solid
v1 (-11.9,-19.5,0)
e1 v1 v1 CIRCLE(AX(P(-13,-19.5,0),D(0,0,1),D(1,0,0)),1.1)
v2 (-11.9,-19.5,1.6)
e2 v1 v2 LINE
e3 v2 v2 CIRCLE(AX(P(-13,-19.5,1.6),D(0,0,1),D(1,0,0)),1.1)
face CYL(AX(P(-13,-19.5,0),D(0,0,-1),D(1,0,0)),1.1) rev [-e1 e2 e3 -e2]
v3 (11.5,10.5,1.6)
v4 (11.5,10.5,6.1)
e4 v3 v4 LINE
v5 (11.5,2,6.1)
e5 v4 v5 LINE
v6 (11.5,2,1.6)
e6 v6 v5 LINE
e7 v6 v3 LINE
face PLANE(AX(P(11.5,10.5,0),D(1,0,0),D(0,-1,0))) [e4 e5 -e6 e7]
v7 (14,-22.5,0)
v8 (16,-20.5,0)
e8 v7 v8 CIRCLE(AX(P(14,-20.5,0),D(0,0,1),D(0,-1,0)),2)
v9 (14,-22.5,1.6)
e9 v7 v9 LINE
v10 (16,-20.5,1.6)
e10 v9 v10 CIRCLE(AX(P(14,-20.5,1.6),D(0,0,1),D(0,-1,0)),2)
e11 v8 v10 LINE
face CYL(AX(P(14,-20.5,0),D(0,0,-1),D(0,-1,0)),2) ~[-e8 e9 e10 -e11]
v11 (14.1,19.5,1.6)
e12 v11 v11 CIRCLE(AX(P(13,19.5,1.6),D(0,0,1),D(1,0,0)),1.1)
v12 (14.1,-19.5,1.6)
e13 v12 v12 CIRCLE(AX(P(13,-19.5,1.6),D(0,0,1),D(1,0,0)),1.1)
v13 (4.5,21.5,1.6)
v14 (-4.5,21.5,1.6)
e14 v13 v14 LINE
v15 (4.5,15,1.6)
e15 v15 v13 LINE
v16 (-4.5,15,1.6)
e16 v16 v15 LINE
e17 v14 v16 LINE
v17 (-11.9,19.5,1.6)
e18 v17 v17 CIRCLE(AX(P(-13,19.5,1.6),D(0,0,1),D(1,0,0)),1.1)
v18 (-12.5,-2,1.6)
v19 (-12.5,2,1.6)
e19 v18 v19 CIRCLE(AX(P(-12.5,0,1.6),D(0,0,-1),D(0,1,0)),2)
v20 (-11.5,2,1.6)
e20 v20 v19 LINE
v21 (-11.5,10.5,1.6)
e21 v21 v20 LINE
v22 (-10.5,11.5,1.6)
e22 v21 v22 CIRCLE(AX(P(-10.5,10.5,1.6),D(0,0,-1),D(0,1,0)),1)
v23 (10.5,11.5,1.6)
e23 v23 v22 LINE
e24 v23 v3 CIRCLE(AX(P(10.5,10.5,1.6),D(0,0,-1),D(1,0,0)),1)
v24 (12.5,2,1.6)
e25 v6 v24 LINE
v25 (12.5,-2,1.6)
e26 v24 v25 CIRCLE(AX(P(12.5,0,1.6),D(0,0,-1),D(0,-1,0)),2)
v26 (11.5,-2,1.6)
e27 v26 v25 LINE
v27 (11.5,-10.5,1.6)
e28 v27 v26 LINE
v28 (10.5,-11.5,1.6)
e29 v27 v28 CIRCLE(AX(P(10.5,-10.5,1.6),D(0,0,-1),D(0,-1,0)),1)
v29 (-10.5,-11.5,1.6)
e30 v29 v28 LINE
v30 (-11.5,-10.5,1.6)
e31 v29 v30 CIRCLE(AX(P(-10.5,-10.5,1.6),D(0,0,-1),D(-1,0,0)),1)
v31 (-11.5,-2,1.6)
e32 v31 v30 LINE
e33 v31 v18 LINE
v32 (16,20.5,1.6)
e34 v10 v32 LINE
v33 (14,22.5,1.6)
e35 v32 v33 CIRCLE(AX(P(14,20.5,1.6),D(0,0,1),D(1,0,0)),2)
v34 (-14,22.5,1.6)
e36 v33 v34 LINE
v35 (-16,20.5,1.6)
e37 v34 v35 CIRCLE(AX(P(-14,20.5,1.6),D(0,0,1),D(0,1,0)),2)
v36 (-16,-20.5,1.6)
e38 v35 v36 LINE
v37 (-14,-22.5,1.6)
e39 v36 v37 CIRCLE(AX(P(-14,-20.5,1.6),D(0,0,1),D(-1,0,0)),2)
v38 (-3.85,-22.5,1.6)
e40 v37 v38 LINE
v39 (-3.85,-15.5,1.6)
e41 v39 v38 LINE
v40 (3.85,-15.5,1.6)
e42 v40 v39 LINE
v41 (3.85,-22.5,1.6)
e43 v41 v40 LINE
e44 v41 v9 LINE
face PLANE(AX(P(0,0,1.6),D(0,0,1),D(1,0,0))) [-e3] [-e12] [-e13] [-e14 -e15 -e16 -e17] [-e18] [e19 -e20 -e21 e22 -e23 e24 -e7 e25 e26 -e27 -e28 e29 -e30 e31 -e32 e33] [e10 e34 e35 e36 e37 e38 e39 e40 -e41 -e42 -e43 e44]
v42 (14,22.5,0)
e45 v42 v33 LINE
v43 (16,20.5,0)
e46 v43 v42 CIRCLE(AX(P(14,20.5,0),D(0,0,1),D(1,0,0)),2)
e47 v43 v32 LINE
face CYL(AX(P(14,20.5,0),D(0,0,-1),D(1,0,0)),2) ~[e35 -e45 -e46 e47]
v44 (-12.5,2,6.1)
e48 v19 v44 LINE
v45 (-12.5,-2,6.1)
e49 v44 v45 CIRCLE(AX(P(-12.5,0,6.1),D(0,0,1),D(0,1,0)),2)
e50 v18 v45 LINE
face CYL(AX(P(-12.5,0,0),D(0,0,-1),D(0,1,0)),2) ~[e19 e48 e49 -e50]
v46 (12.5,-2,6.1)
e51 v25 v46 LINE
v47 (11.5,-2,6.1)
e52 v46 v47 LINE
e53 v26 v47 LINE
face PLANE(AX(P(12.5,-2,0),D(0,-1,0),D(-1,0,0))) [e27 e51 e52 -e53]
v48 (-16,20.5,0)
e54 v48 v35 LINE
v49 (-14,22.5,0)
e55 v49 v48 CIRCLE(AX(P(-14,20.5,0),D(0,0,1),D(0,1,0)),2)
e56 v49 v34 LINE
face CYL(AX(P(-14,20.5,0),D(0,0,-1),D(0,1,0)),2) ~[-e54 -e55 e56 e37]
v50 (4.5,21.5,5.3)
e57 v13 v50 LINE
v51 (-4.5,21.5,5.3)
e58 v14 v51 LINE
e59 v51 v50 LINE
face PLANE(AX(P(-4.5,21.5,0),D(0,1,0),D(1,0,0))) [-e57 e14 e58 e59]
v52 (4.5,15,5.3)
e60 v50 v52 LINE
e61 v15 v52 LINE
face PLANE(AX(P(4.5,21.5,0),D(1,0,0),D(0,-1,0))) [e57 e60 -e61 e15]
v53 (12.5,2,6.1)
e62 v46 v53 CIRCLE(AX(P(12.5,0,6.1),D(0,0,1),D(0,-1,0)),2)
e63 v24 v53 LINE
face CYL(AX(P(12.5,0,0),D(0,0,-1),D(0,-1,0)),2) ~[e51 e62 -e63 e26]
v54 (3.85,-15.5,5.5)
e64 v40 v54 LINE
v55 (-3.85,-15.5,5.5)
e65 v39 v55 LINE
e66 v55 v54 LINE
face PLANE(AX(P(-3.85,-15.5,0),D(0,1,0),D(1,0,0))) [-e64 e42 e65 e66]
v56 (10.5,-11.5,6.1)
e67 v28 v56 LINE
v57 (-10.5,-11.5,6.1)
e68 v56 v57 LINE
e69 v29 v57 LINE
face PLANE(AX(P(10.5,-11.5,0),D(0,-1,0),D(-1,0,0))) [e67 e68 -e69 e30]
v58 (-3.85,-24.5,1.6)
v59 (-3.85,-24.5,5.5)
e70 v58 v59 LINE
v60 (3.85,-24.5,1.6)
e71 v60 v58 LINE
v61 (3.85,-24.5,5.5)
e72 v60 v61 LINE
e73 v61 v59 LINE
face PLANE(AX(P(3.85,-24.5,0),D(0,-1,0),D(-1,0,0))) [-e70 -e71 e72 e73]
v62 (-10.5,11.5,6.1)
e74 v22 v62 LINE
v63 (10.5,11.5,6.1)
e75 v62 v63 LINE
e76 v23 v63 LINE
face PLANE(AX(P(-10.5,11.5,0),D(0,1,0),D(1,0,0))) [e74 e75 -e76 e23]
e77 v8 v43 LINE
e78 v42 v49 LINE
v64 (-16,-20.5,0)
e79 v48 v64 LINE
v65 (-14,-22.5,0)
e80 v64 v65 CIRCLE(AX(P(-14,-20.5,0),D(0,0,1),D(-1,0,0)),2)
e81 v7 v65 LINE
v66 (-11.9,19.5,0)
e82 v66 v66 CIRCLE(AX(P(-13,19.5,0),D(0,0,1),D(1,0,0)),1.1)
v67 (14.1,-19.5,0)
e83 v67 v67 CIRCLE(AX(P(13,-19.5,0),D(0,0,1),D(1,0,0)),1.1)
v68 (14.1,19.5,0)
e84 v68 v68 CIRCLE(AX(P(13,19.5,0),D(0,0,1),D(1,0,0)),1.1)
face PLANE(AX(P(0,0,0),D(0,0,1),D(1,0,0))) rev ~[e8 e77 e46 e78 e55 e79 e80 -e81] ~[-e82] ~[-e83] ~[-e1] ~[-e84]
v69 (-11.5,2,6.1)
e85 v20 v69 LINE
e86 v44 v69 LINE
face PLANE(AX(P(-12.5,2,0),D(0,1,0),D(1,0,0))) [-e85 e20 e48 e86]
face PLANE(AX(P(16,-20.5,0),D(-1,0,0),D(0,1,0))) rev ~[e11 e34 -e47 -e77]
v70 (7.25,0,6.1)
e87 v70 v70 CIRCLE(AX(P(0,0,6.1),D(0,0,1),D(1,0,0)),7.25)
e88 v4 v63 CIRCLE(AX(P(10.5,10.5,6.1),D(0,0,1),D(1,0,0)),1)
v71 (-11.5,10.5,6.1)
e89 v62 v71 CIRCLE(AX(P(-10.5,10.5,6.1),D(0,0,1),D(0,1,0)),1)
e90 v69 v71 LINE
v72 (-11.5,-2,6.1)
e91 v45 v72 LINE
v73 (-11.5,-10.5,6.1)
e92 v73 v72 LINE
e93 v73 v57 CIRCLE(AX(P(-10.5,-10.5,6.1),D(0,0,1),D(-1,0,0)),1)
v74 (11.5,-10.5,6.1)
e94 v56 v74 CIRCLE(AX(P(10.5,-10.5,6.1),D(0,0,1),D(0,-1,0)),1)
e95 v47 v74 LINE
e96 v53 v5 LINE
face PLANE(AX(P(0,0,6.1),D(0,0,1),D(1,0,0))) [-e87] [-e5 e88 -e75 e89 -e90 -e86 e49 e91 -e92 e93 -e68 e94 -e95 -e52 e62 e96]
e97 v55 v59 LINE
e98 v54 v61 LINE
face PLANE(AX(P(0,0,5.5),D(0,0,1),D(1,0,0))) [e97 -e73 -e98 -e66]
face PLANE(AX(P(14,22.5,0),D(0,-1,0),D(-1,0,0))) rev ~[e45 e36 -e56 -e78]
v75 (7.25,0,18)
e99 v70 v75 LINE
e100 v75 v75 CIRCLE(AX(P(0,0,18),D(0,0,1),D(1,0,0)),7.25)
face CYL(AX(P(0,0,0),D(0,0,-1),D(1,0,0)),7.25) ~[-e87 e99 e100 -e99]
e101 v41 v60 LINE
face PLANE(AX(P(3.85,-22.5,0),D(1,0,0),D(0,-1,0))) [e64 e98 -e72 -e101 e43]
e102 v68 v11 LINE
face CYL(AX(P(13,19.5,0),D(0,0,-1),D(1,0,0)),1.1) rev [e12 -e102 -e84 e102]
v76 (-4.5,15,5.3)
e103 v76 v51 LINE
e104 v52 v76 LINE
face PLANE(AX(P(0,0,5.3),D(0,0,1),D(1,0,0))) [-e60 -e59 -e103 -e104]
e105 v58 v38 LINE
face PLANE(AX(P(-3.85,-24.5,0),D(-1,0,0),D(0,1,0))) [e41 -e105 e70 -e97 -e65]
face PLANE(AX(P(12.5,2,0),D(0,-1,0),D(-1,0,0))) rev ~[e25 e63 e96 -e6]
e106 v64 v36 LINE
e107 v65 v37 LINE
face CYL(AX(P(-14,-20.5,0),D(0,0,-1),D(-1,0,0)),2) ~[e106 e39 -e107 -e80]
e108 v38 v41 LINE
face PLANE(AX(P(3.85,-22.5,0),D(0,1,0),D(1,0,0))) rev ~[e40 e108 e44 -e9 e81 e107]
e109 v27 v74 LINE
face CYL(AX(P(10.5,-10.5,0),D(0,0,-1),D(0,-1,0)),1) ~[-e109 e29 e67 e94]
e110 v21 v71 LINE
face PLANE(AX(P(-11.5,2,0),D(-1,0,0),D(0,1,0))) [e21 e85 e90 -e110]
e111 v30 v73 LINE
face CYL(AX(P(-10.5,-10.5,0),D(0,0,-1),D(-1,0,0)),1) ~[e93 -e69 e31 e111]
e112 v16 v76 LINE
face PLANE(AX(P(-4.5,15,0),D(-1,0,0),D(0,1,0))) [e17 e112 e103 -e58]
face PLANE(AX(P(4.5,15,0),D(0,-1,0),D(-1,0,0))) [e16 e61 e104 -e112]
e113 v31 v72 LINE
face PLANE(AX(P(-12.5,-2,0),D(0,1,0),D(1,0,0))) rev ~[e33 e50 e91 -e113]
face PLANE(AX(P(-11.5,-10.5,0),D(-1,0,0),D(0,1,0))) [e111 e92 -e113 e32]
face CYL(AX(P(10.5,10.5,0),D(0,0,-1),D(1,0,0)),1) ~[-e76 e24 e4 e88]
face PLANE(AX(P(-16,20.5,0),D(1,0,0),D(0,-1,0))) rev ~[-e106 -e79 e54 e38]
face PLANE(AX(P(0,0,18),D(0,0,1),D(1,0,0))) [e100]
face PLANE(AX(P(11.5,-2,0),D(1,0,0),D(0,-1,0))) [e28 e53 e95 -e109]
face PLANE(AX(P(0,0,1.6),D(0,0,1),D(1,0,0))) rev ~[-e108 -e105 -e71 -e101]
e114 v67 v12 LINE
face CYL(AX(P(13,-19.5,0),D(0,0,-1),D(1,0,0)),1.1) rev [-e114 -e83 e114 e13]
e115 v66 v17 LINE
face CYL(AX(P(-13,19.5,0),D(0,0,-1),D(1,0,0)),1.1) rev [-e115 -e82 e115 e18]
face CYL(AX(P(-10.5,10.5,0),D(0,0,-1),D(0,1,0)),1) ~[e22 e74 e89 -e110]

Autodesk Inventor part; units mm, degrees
ref_plane "YZ Plane" through (0, 0, 0) normal (1, 0, 0) x (0, 1, 0)
ref_plane "XZ Plane" through (0, 0, 0) normal (0, 1, 0) x (-1, 0, 0)
ref_plane "XY Plane" through (0, 0, 0) normal (0, 0, 1) x (1, 0, 0)
sketch "スケッチ1" plane through (0, 0, 0) normal (0, 0, 1) x (1, 0, 0)
  line L0 (14, 22.5) -> (-14, 22.5)
  line L1 (-16, 20.5) -> (-16, -20.5)
  line L2 (-14, -22.5) -> (14, -22.5)
  line L3 (16, -20.5) -> (16, 20.5)
  line L4 (16, 22.5) -> (-16, -22.5) construction
  line L5 (-16, 22.5) -> (16, -22.5) construction
  line L6 (-13, 19.5) -> (13, 19.5) construction
  line L7 (13, 19.5) -> (13, -19.5) construction
  line L8 (13, -19.5) -> (-13, -19.5) construction
  line L9 (-13, -19.5) -> (-13, 19.5) construction
  line L10 (-13, 19.5) -> (13, -19.5) construction
  line L11 (13, 19.5) -> (-13, -19.5) construction
  circle A0 centre (-13, -19.5) radius 1.1
  line L12 (-16, 0) -> (16, 0) construction
  line L13 (0, 22.5) -> (0, -22.5) construction
  circle A1 centre (-13, 19.5) radius 1.1
  circle A2 centre (13, -19.5) radius 1.1
  circle A3 centre (13, 19.5) radius 1.1
  circle A4 centre (-13, -19.5) radius 2 construction
  circle A5 centre (-13, 19.5) radius 2 construction
  circle A6 centre (13, -19.5) radius 2 construction
  circle A7 centre (13, 19.5) radius 2 construction
  circle A8 centre (0, 0) radius 7.25
  arc A9 (-16, -20.5) -> (-14, -22.5) centre (-14, -20.5) ccw
  arc A10 (14, -22.5) -> (16, -20.5) centre (14, -20.5) ccw
  arc A11 (16, 20.5) -> (14, 22.5) centre (14, 20.5) ccw
  arc A12 (-14, 22.5) -> (-16, 20.5) centre (-14, 20.5) ccw
  line L14 (-10.5, 11.5) -> (10.5, 11.5)
  line L15 (11.5, 10.5) -> (11.5, -10.5)
  line L16 (10.5, -11.5) -> (-10.5, -11.5)
  line L17 (-11.5, -10.5) -> (-11.5, 10.5)
  line L18 (-11.5, 11.5) -> (11.5, -11.5) construction
  line L19 (11.5, 11.5) -> (-11.5, -11.5) construction
  line L20 (3.85, -24.5) -> (-3.85, -24.5)
  line L21 (-3.85, -24.5) -> (-3.85, -15.5)
  line L22 (-3.85, -15.5) -> (3.85, -15.5)
  line L23 (3.85, -15.5) -> (3.85, -24.5)
  line L24 (3.85, -24.5) -> (-3.85, -15.5) construction
  line L25 (-3.85, -24.5) -> (3.85, -15.5) construction
  line L26 (-4.5, 21.5) -> (4.5, 21.5)
  line L27 (4.5, 21.5) -> (4.5, 15)
  line L28 (4.5, 15) -> (-4.5, 15)
  line L29 (-4.5, 15) -> (-4.5, 21.5)
  line L30 (-4.5, 21.5) -> (4.5, 15) construction
  line L31 (4.5, 21.5) -> (-4.5, 15) construction
  arc A13 (-10.5, 11.5) -> (-11.5, 10.5) centre (-10.5, 10.5) ccw
  arc A14 (-11.5, -10.5) -> (-10.5, -11.5) centre (-10.5, -10.5) ccw
  arc A15 (10.5, -11.5) -> (11.5, -10.5) centre (10.5, -10.5) ccw
  arc A16 (11.5, 10.5) -> (10.5, 11.5) centre (10.5, 10.5) ccw
  arc A17 (-12.5, 2) -> (-12.5, -2) centre (-12.5, 0) ccw
  line L32 (-12.5, 2) -> (-11.5, 2)
  line L33 (-12.5, -2) -> (-11.5, -2)
  arc A18 (12.5, -2) -> (12.5, 2) centre (12.5, 0) ccw
  line L34 (12.5, 2) -> (11.5, 2)
  line L35 (12.5, -2) -> (11.5, -2)
  point P0 (0, -20)
  point P1 (0, 18.25)
  point P2 (3.85, -22.5)
  point P3 (-3.85, -22.5)
  dimension "d0" = 32
  dimension "d1" = 45
  dimension "d5" = 2.2
  dimension "d6" = 4
  dimension "d34" = 2
  dimension "d40" = 26
  dimension "d41" = 39
  dimension "d42" = 14.5
  dimension "d43" = 23
  dimension "d44" = 23
  dimension "d45" = 7.7
  dimension "d46" = 9
  dimension "d47" = 2
  dimension "d48" = 9
  dimension "d49" = 6.5
  dimension "d50" = 1
  dimension "d57" = 1
  dimension "d58" = 2
  dimension "d59" = 1
extrude "押し出し1" add sketch "スケッチ1" along normal blind 1.6 contours A11 L3 A10 L2 L23 L22 L21 A9 L1 A12 L0 | L2 L21 L22 L23 | A8 | L14 A16 L15 A15 L16 A14 L17 A13 | L17 L33 A17 L32 | L34 A18 L35 L15 | L26 L27 L28 L29
extrude "押し出し2" add sketch "スケッチ1" along normal blind 6.1 contours L14 A16 L15 A15 L16 A14 L17 A13 | L17 L33 A17 L32 | L34 A18 L35 L15
extrude "押し出し3" add sketch "スケッチ1" along normal blind 18 contours A8
extrude "押し出し4" add sketch "スケッチ1" along normal blind 5.5 contours L23 L20 L21 L2 | L2 L21 L22 L23
extrude "押し出し5" cut sketch "スケッチ1" along normal blind 1.6 contours L23 L20 L21 L2
extrude "押し出し6" add sketch "スケッチ1" along normal blind 5.3 contours L26 L27 L28 L29
properties part number "KBCR-S02MU"
